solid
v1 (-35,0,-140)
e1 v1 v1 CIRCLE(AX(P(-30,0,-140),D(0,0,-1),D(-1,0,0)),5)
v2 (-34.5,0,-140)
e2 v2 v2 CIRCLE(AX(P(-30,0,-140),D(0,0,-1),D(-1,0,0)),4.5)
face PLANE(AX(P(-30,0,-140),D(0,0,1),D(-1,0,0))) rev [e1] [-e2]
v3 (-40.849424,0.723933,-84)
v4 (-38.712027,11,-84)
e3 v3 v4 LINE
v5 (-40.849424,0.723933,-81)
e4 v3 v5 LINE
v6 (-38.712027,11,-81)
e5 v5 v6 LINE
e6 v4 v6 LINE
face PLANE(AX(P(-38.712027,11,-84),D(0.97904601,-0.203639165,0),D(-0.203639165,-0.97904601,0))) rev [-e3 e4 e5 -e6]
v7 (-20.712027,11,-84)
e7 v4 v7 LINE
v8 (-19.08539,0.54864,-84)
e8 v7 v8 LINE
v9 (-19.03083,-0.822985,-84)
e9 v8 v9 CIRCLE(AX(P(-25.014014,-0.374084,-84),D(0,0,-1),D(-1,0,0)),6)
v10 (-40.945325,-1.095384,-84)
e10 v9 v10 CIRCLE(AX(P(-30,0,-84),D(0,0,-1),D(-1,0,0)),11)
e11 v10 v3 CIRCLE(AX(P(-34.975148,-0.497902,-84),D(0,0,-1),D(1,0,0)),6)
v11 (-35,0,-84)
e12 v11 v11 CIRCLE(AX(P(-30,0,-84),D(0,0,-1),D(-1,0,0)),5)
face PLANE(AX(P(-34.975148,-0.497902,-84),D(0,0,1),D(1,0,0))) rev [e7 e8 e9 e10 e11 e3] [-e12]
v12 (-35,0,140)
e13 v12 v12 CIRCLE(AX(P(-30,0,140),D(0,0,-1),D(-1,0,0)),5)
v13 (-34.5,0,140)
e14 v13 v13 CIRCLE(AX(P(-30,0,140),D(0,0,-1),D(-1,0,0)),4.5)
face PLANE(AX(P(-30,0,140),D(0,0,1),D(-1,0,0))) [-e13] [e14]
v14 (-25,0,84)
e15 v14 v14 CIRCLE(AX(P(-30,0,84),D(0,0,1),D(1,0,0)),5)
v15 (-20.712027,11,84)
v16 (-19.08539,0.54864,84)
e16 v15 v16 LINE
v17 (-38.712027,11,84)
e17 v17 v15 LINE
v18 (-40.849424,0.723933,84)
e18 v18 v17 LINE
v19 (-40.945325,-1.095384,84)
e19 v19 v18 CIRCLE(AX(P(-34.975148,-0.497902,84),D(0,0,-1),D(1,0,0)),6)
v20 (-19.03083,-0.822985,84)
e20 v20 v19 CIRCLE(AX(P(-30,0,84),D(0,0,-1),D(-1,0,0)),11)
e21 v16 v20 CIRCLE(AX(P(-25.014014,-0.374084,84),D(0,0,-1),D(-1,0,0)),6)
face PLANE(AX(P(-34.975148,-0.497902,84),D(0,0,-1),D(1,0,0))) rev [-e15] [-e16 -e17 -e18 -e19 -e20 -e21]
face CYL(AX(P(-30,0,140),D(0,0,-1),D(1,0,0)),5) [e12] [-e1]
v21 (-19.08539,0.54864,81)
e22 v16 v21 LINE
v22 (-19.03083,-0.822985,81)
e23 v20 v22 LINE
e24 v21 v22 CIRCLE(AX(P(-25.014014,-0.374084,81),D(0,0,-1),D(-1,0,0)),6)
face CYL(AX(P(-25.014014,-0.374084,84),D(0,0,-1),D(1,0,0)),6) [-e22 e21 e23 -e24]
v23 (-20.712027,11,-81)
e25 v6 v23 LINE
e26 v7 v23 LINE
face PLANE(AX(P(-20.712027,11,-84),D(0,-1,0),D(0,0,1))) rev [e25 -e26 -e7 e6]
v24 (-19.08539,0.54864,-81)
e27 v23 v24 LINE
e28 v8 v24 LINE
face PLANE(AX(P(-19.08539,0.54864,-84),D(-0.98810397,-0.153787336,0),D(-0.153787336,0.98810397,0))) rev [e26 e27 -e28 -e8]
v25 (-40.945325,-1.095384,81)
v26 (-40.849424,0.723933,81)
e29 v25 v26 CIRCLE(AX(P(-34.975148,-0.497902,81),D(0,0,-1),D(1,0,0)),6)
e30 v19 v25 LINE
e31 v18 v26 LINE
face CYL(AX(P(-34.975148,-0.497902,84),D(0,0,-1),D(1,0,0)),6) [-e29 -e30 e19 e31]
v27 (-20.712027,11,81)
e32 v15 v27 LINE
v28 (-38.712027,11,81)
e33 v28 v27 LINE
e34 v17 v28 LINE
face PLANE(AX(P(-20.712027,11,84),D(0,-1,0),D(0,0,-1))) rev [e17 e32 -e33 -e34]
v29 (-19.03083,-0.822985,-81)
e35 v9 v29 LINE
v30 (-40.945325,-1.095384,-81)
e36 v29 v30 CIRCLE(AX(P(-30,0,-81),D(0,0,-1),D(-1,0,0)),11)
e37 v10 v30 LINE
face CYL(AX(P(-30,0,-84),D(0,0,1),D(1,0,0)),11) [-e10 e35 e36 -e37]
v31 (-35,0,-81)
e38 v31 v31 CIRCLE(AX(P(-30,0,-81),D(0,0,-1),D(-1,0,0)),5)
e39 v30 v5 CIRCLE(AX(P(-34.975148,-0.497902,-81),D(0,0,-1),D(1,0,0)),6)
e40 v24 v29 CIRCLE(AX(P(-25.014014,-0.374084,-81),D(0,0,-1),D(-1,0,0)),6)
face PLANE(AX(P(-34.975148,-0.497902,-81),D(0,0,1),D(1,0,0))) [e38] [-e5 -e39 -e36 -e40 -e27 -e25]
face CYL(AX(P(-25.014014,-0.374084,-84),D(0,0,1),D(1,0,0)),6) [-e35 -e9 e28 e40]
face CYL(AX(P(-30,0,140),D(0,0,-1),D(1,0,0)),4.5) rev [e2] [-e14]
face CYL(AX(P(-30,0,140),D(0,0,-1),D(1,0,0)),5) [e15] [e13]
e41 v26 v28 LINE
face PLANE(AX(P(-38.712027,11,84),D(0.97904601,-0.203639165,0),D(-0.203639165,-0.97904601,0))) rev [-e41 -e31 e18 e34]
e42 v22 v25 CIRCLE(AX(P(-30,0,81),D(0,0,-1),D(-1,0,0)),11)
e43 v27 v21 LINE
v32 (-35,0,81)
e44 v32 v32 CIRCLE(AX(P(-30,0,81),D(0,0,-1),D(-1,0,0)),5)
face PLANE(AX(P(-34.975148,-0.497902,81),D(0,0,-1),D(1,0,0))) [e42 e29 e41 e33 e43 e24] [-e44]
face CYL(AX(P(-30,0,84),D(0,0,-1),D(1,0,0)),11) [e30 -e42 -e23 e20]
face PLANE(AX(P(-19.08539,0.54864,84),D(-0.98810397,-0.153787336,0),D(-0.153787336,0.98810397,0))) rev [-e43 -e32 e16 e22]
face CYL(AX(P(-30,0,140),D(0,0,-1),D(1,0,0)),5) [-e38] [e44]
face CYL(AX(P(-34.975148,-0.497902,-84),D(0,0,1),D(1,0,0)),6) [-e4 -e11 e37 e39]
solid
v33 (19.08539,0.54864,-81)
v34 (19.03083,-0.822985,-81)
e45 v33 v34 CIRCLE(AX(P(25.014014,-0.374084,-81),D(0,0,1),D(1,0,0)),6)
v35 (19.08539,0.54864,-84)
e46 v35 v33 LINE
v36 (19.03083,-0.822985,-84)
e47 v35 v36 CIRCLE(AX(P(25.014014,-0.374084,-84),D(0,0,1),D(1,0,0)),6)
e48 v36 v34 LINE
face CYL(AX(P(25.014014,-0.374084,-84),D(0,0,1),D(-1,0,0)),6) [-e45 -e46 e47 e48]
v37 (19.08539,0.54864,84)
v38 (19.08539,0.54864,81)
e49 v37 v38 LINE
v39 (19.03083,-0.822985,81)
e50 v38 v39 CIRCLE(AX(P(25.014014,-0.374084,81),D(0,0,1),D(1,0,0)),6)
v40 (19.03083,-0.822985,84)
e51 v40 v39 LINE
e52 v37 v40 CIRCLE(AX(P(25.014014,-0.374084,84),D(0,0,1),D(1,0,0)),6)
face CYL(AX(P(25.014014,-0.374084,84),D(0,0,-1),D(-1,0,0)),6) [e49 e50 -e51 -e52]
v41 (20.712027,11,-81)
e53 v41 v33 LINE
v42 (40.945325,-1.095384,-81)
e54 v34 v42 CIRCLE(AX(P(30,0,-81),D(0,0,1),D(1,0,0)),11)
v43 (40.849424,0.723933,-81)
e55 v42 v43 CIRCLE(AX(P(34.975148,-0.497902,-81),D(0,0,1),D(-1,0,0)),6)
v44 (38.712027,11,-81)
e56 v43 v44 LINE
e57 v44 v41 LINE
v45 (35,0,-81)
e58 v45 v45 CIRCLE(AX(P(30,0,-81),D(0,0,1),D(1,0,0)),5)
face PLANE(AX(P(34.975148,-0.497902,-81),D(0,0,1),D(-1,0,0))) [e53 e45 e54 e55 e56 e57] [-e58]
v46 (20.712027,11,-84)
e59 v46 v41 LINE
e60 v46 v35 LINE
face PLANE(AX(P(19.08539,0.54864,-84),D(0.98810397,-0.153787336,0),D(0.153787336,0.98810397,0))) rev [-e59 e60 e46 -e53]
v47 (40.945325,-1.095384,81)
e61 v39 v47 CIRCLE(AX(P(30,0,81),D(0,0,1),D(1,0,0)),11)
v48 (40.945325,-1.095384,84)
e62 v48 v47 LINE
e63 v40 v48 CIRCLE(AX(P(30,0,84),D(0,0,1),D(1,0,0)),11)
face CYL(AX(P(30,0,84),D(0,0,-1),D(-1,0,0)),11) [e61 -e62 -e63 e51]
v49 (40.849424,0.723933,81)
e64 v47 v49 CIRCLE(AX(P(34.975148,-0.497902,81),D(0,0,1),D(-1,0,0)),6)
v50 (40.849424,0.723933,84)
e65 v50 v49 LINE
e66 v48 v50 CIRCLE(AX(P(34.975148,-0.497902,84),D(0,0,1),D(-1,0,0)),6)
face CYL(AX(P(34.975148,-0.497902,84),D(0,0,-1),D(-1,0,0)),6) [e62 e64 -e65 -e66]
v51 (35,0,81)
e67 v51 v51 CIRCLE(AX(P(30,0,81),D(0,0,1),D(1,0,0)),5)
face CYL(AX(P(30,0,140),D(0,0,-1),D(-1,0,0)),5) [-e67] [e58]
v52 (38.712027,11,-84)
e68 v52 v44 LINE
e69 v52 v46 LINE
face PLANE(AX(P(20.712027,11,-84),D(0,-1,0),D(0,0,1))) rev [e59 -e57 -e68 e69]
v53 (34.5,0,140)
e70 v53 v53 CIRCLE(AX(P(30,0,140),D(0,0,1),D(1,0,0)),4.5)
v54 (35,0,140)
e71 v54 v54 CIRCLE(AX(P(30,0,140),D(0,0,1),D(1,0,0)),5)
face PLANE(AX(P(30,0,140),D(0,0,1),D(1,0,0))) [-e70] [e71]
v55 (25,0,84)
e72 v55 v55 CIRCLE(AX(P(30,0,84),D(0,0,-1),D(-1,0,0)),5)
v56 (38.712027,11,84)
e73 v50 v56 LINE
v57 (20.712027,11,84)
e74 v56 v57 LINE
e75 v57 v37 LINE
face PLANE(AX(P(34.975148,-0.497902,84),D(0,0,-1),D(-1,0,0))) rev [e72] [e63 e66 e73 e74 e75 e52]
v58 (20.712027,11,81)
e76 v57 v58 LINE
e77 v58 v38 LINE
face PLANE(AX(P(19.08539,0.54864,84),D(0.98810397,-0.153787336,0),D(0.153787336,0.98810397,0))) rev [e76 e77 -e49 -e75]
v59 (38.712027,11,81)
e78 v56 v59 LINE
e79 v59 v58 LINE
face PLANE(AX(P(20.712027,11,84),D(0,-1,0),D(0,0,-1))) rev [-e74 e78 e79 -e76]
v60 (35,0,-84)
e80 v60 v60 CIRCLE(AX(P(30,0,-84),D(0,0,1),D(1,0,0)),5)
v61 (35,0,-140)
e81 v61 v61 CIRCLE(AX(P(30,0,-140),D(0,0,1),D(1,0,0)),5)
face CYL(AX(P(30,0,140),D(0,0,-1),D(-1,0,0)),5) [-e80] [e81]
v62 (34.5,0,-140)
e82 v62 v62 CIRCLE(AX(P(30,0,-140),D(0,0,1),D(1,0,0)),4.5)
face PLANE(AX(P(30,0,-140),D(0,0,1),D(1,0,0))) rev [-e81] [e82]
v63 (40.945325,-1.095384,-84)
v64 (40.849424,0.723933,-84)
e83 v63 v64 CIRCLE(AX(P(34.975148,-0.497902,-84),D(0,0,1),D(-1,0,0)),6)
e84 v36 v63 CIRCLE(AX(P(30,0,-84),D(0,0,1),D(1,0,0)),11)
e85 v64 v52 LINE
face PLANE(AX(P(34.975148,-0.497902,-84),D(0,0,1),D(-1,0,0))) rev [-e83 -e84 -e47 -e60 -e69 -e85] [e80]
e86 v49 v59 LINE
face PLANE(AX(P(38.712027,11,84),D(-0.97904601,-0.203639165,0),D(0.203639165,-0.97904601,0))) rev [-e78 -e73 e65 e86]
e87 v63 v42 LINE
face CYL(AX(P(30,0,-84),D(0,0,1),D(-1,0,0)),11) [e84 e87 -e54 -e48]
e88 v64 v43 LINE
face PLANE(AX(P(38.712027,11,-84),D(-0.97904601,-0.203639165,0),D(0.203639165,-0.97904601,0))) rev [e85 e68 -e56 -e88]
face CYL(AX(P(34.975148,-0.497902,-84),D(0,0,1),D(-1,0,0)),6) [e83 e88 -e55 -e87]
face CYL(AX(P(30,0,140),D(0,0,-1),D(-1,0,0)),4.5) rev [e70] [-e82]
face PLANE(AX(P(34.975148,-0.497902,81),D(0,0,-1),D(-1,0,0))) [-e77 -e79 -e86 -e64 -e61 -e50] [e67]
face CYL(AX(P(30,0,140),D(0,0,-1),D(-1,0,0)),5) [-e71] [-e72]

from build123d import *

# Parameters (mm, degrees)
SCHIZZO1_R                   = 5
SCHIZZO1_R_2                 = 4.5
ESTRUSIONE_ESTRUSIONE1_DEPTH = 140
ESTRUSIONE_ESTRUSIONE2_START = 82.5
SCHIZZO2_R                   = 5
ESTRUSIONE_ESTRUSIONE2_DEPTH = 1.5


with BuildPart() as part:
    # Schizzo1 → Estrusione-Estrusione1 (new body, symmetric)
    with BuildSketch(Plane.XY):
        with Locations((30, 0)):
            Circle(SCHIZZO1_R)
        with Locations((30, 0)):
            Circle(SCHIZZO1_R_2, mode=Mode.SUBTRACT)
    extrude(amount=ESTRUSIONE_ESTRUSIONE1_DEPTH, both=True)

    # Schizzo2 → Estrusione-Estrusione2 (add, symmetric)
    with BuildSketch(Plane.XY.offset(ESTRUSIONE_ESTRUSIONE2_START)):
        with BuildLine():
            Line((19.085389697, 0.548640093), (20.712027021, 11))
            Line((20.712027021, 11), (38.712027021, 11))
            Line((38.712027021, 11), (40.849423677, 0.72393318))
            ThreePointArc((40.849423677, 0.72393318), (40.966829068, -0.18206425), (40.945324752, -1.095383983))
            ThreePointArc((40.945324752, -1.095383983), (29.863279468, -10.999150308), (19.030829735, -0.822984631))
            ThreePointArc((19.030829735, -0.822984631), (19.018754667, -0.135606819), (19.085389697, 0.548640093))
        make_face()
        with Locations((30, 0)):
            Circle(SCHIZZO2_R, mode=Mode.SUBTRACT)
    extrude(amount=ESTRUSIONE_ESTRUSIONE2_DEPTH, both=True)

    # Specchia5: part across plane


with BuildPart() as part_1:
    add(part.part)
    add(part.part.mirror(Plane.XY))


with BuildPart() as body_2:
    # Specchia9: mirrored copy
    add(part_1.part.mirror(Plane(origin=(0, 0, 0), x_dir=(0, 0, 1), z_dir=(1, 0, 0))))


solid = Compound([part_1.part, body_2.part])
